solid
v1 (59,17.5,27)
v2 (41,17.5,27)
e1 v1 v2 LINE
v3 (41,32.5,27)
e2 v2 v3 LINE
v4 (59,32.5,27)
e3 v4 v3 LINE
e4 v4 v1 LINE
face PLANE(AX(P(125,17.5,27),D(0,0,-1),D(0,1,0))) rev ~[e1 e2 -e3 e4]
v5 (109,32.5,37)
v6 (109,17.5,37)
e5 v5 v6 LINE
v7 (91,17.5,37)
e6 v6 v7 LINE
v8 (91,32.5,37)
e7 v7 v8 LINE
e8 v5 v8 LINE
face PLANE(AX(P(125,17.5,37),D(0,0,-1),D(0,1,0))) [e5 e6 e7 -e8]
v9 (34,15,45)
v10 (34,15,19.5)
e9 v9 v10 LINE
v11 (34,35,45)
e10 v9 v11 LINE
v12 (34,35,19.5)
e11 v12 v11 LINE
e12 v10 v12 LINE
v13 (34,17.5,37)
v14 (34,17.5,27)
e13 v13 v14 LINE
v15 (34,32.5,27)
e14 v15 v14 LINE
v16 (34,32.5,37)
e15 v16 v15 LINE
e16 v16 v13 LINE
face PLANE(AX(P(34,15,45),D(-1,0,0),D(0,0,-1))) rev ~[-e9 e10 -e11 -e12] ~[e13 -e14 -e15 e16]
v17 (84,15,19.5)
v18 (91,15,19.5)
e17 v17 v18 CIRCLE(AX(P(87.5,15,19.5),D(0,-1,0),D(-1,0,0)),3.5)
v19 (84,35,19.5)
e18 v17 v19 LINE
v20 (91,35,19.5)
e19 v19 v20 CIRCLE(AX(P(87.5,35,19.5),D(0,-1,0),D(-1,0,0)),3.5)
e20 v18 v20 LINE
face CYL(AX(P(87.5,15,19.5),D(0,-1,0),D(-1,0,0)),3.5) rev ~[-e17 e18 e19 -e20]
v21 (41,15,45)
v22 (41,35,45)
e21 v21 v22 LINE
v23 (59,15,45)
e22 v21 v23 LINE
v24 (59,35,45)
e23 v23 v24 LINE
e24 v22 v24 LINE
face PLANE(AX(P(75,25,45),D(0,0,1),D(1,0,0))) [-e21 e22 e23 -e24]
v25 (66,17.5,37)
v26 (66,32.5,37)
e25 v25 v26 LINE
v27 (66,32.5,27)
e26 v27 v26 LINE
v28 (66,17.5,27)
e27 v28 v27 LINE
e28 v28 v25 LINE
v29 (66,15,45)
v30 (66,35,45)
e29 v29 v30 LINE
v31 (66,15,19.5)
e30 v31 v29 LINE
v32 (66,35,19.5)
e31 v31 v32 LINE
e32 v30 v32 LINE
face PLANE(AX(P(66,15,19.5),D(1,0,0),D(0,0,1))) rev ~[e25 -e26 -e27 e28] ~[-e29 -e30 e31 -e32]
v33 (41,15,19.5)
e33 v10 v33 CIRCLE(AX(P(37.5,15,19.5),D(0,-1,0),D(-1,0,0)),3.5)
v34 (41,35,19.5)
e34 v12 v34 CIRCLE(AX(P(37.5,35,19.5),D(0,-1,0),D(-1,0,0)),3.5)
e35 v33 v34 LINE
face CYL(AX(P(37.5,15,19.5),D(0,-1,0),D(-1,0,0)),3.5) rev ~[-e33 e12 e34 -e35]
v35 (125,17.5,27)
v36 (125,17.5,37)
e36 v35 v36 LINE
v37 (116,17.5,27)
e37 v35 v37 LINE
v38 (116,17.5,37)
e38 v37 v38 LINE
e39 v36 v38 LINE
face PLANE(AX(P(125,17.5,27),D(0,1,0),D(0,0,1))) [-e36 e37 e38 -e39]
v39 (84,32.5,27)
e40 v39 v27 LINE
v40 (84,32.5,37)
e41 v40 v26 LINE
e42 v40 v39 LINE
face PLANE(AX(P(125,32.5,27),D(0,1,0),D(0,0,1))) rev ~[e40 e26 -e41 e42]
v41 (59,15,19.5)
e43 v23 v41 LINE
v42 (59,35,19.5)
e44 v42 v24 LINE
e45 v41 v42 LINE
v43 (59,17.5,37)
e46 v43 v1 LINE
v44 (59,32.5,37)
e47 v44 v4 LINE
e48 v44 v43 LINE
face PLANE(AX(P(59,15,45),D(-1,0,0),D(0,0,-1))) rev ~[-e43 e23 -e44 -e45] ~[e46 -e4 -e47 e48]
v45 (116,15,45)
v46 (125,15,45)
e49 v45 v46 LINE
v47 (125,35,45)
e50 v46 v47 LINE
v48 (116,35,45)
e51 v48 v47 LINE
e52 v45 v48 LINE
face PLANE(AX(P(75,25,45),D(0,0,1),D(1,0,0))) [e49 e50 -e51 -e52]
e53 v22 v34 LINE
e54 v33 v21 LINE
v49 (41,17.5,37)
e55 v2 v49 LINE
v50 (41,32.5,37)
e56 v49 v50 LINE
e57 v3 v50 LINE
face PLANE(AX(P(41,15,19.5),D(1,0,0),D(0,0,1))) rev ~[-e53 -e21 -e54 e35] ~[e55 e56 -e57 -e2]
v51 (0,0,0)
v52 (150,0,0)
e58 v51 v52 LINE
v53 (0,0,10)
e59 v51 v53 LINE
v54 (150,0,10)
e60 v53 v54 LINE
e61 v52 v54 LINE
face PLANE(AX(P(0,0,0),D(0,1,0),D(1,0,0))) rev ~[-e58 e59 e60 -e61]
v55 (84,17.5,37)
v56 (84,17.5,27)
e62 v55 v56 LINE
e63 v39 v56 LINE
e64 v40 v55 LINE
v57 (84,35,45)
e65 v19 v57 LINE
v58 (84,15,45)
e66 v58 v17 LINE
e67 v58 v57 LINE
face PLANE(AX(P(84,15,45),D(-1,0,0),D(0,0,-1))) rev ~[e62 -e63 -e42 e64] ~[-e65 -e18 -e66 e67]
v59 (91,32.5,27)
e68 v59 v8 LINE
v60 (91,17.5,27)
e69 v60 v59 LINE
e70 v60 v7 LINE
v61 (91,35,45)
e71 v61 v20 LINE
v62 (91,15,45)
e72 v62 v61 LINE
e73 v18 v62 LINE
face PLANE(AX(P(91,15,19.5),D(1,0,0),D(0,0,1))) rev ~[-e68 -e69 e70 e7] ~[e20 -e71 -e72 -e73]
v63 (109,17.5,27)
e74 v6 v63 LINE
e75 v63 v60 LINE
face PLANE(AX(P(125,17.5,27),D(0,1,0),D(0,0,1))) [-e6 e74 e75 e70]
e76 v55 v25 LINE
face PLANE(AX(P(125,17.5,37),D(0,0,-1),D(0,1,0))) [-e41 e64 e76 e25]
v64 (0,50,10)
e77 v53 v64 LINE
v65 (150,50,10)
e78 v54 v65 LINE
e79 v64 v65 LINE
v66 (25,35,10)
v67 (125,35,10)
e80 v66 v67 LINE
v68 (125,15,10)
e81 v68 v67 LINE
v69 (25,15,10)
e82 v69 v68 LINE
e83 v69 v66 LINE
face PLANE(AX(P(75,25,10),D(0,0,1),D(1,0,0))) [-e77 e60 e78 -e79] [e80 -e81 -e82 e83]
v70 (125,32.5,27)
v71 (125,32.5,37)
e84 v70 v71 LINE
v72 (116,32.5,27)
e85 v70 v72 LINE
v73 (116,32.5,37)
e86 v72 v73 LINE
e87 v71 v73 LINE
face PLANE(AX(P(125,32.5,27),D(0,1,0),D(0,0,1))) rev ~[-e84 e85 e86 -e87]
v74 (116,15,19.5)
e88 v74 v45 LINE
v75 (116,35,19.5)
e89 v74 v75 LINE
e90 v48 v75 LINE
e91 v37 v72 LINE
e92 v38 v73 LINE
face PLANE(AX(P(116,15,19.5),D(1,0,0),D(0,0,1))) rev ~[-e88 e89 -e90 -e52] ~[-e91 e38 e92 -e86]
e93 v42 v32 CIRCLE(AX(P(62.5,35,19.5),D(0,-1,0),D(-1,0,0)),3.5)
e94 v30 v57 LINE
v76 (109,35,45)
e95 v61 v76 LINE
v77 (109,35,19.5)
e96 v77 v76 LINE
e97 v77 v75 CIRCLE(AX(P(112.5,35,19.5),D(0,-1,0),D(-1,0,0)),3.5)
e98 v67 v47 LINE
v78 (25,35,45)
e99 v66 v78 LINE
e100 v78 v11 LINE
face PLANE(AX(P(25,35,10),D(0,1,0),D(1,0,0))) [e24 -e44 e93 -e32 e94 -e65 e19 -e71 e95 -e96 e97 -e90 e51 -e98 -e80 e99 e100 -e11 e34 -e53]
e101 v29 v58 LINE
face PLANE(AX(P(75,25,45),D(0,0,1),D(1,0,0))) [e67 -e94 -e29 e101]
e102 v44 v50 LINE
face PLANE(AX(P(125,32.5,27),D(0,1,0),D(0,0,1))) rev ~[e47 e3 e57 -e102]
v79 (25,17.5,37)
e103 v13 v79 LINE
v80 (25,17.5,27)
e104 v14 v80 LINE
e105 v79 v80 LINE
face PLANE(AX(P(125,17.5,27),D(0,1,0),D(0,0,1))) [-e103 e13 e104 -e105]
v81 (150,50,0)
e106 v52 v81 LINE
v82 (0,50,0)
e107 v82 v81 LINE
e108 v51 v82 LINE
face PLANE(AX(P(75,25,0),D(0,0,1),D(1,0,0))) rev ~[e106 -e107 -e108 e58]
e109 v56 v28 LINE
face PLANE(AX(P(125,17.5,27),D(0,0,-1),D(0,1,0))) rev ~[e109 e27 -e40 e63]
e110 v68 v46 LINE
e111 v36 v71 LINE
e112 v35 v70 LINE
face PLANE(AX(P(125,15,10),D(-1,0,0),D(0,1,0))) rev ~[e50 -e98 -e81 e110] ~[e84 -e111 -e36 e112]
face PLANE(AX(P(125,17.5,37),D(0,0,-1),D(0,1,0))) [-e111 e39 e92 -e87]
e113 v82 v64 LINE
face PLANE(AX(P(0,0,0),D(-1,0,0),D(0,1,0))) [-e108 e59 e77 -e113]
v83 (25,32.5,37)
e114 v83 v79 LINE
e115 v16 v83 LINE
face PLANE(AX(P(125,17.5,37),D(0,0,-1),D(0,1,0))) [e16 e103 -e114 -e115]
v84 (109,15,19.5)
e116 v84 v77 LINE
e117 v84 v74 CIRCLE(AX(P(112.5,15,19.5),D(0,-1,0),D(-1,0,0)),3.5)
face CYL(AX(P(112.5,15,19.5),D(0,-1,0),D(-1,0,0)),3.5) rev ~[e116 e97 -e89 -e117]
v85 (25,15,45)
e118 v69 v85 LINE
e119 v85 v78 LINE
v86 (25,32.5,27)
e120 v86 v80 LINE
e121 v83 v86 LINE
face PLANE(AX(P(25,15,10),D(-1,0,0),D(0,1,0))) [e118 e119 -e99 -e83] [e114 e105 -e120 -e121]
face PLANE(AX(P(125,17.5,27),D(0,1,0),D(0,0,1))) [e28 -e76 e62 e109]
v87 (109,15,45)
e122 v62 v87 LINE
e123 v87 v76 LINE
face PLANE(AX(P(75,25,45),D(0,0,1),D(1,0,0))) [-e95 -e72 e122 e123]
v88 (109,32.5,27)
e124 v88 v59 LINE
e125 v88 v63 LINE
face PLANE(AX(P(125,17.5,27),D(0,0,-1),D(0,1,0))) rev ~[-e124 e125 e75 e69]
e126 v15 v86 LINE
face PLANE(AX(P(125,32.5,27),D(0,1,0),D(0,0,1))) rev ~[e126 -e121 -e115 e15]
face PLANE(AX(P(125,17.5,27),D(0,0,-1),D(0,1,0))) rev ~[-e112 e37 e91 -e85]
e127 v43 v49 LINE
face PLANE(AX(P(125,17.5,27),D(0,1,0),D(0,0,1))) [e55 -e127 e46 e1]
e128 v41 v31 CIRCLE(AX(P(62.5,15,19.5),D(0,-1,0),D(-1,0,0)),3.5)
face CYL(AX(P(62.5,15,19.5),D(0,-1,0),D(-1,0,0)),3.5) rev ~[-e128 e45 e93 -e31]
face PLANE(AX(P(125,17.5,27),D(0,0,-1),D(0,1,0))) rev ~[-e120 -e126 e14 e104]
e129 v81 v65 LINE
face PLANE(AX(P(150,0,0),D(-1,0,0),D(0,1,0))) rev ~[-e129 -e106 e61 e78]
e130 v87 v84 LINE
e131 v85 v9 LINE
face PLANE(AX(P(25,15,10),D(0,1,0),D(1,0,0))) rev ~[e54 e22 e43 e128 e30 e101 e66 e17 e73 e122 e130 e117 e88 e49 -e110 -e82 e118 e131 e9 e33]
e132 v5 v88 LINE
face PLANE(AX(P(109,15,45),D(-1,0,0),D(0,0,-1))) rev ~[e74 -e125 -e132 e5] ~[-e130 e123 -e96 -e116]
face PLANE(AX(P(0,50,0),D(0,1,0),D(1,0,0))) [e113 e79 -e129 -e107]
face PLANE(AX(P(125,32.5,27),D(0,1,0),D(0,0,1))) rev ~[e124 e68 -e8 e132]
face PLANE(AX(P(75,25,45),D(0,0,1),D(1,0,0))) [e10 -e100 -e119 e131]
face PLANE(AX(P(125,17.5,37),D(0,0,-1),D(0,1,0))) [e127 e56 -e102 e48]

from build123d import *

# Parameters (mm, degrees)
F0_W     = 150
F0_H     = 50
F1_DEPTH = 10
F2_W     = 100
F2_H     = 20
F3_DEPTH = 35
F5_DEPTH = 35.001
F6_W     = 15
F6_H     = 10
F7_DEPTH = 125.001


with BuildPart() as f1:
    # F0 (on Top) → F1 (new body)
    with BuildSketch(Plane.XY):
        with Locations((75, 25)):
            Rectangle(F0_W, F0_H)
    extrude(amount=F1_DEPTH)

    # F2 (on face) → F3 (join)
    with BuildSketch(Plane.XY.offset(10)):
        with Locations((75, 25)):
            Rectangle(F2_W, F2_H)
    extrude(amount=F3_DEPTH)

    # F4 (on face) → F5 (cut, through all)
    with BuildSketch(Plane.XZ.offset(-15)):
        with BuildLine():
            Line((41, 45), (34, 45))
            Line((34, 45), (34, 19.5))
            ThreePointArc((34, 19.5), (37.5, 16), (41, 19.5))
            Line((41, 19.5), (41, 45))
        make_face()
        with BuildLine():
            Line((116, 19.5), (116, 45))
            Line((116, 45), (109, 45))
            Line((109, 45), (109, 19.5))
            ThreePointArc((109, 19.5), (112.5, 16), (116, 19.5))
        make_face()
        with BuildLine():
            Line((66, 45), (59, 45))
            Line((59, 45), (59, 19.5))
            ThreePointArc((59, 19.5), (62.5, 16), (66, 19.5))
            Line((66, 19.5), (66, 45))
        make_face()
        with BuildLine():
            ThreePointArc((84, 19.5), (87.5, 16), (91, 19.5))
            Line((91, 19.5), (91, 45))
            Line((91, 45), (84, 45))
            Line((84, 45), (84, 19.5))
        make_face()
    extrude(amount=-F5_DEPTH, mode=Mode.SUBTRACT)

    # F6 (on face) → F7 (cut, through all)
    with BuildSketch(Plane.YZ.offset(125)):
        with Locations((25, 32)):
            Rectangle(F6_W, F6_H)
    extrude(amount=-F7_DEPTH, mode=Mode.SUBTRACT)


solid = f1.part
